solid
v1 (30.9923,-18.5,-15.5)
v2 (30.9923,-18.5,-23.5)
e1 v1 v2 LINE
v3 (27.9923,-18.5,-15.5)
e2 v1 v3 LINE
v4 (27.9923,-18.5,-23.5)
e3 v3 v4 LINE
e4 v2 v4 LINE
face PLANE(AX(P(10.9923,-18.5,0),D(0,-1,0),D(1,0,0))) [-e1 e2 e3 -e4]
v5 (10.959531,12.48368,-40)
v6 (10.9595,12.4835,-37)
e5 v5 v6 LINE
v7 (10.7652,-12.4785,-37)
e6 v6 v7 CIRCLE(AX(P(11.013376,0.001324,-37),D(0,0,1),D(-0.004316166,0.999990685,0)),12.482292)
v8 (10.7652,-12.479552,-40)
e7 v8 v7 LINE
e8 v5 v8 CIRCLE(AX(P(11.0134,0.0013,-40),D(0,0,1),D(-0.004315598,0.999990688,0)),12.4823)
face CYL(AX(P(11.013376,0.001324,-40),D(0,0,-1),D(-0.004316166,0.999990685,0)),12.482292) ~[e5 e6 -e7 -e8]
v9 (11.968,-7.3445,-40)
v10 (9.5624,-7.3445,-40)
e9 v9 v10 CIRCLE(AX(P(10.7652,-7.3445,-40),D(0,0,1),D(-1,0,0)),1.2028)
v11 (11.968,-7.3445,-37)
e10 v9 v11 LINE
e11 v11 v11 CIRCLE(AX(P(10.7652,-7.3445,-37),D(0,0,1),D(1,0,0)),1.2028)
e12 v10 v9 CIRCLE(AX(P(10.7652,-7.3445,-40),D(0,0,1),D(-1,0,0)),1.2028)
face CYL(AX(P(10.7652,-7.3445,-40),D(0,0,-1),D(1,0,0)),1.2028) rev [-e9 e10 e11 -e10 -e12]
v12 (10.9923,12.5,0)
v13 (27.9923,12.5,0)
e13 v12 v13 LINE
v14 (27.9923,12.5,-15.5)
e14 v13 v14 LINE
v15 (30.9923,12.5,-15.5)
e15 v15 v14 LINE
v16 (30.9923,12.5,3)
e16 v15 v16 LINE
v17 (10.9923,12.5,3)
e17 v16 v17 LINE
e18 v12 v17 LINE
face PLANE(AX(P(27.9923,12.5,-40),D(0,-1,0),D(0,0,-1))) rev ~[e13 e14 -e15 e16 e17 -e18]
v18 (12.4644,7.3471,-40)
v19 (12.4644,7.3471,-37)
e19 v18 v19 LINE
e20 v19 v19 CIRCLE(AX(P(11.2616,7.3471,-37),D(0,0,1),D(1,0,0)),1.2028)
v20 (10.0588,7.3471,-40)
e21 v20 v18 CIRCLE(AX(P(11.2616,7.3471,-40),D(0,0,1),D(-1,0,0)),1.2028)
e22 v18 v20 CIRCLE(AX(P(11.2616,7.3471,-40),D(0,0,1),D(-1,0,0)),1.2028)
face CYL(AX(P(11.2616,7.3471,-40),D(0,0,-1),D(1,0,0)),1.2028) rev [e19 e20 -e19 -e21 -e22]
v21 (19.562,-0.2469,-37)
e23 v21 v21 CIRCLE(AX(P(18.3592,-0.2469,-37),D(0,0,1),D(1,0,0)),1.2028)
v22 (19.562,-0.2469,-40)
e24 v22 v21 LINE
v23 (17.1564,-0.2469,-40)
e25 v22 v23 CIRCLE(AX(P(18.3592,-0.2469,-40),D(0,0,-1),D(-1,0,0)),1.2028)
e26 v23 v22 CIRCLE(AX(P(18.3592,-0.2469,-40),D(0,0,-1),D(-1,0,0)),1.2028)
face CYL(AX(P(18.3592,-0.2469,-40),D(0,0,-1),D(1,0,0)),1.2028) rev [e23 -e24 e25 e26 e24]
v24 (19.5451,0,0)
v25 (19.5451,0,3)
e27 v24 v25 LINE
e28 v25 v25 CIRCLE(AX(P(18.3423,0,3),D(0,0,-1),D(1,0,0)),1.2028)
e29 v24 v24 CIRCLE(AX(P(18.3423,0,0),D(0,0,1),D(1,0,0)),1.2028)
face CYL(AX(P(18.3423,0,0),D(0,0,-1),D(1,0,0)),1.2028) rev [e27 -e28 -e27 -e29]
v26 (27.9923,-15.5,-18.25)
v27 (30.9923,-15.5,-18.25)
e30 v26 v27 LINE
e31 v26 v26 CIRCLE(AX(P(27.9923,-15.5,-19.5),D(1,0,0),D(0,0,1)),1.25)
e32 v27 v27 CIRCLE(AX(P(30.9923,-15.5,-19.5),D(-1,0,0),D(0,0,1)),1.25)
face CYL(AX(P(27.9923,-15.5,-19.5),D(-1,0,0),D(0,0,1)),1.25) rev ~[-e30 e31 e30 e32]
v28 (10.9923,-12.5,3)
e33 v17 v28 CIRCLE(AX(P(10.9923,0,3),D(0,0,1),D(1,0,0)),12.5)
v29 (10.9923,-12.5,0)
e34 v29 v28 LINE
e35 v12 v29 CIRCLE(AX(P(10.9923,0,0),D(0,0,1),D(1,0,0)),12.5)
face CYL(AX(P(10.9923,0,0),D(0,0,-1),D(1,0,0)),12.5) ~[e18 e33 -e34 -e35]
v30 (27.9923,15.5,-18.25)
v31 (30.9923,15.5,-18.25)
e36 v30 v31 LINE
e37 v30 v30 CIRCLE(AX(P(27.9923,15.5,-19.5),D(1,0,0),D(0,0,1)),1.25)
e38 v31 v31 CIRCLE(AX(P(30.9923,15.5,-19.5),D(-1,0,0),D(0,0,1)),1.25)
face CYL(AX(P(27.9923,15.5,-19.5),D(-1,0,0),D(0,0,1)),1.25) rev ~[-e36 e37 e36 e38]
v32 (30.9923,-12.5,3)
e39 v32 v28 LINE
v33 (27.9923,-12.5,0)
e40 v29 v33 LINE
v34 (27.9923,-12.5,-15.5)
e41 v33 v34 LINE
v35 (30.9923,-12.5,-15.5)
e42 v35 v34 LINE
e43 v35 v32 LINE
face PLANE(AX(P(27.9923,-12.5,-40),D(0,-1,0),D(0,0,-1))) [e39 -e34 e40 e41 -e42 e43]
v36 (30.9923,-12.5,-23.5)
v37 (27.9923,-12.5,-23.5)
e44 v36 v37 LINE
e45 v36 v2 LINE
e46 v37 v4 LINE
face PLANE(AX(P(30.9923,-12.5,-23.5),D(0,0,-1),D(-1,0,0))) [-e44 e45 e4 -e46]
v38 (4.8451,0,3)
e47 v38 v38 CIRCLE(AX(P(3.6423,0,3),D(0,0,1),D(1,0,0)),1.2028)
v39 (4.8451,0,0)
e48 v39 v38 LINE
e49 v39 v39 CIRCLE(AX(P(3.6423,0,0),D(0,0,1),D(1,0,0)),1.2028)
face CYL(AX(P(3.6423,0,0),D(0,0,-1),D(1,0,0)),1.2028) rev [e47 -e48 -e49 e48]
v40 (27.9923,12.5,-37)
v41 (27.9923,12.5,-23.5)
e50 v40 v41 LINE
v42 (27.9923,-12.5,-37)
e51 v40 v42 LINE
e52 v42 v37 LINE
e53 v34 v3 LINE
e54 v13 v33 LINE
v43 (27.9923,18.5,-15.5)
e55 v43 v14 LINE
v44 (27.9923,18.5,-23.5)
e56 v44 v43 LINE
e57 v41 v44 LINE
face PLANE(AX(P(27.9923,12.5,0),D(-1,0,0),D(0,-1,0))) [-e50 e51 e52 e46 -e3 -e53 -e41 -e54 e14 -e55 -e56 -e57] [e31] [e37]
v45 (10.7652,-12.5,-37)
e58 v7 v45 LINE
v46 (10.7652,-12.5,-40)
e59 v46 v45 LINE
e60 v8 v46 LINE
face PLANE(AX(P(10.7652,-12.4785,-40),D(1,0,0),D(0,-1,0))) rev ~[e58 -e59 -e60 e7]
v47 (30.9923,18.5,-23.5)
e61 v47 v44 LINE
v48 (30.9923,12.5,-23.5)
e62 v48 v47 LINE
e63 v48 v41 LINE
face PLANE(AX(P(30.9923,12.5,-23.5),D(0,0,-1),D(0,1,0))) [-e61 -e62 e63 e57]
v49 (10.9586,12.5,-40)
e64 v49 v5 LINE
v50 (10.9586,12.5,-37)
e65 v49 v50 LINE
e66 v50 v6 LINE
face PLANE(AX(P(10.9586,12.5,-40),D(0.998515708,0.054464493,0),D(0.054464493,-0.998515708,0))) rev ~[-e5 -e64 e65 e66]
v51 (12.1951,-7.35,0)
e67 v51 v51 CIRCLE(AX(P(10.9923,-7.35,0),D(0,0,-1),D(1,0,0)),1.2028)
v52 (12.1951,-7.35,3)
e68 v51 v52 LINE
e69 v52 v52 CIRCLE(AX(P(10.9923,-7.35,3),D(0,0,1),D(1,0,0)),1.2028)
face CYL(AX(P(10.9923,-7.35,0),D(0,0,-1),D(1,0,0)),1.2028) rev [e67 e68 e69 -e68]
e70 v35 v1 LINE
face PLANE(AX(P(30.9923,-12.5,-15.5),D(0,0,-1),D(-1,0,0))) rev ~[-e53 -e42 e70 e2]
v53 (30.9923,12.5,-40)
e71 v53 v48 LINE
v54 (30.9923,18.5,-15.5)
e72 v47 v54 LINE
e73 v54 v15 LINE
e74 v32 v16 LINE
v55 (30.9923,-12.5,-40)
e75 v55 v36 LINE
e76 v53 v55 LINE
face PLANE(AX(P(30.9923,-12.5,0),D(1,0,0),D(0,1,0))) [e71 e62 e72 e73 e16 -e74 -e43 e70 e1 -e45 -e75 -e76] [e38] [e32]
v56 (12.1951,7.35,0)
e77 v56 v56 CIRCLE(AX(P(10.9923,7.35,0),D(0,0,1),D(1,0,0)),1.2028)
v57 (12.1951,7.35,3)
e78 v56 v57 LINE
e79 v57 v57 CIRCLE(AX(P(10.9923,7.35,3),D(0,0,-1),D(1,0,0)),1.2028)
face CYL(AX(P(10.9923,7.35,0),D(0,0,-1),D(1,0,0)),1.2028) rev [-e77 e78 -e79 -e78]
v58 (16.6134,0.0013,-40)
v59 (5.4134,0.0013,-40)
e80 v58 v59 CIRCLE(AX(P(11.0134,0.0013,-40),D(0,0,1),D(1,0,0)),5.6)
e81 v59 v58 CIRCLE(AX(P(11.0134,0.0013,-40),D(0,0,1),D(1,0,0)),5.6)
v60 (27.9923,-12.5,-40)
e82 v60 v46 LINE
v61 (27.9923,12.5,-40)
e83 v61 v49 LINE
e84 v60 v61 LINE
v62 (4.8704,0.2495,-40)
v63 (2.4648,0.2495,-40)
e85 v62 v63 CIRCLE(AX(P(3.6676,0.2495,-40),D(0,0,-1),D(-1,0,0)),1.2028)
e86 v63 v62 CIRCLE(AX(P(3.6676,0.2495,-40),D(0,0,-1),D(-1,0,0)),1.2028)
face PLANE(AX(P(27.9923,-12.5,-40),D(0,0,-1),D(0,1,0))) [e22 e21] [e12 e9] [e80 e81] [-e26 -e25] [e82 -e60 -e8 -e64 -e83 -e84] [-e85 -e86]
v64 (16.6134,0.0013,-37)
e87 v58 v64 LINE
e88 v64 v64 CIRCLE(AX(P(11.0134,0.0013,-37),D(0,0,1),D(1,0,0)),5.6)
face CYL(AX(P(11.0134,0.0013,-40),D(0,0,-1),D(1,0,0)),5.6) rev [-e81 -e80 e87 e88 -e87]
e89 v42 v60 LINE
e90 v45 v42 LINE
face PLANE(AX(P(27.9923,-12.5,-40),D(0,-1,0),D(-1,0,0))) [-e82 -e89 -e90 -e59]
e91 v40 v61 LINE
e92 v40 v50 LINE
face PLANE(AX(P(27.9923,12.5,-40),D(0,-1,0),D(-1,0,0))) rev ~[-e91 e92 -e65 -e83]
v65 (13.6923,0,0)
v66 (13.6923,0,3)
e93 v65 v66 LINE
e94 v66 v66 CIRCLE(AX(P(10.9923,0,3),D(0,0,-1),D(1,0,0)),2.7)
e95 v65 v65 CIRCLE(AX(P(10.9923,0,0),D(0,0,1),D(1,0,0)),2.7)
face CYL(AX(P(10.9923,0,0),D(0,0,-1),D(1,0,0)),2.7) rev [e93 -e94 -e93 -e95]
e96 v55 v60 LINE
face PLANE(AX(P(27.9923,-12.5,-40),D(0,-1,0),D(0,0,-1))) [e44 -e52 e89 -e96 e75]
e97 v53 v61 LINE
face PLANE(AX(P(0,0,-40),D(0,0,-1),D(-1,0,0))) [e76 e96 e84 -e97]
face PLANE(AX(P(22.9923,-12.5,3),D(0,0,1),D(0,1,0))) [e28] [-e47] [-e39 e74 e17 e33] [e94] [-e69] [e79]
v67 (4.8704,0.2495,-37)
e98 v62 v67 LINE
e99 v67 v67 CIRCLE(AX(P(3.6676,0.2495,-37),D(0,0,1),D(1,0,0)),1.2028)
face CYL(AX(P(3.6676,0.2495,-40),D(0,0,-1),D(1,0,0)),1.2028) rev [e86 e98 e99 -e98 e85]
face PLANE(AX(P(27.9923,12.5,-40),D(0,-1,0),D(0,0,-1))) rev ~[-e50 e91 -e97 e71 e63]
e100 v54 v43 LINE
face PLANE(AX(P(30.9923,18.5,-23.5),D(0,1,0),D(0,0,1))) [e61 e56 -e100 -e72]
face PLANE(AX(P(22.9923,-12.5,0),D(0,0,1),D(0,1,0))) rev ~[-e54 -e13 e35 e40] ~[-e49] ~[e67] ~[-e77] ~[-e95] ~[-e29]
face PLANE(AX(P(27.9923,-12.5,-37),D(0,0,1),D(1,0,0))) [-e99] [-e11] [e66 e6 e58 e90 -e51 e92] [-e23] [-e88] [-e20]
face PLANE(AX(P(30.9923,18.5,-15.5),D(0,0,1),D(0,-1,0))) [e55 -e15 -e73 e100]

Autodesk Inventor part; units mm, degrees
ref_plane "YZ Plane" through (0, 0, 0) normal (1, 0, 0) x (0, 1, 0)
ref_plane "XZ Plane" through (0, 0, 0) normal (0, 1, 0) x (-1, 0, 0)
ref_plane "XY Plane" through (0, 0, 0) normal (0, 0, 1) x (1, 0, 0)
ref_plane "Plano de trabajo1" through (0, 0, 0) normal (0, 0, 1) x (1, 0, 0)
sketch "Boceto1" plane through (0, 0, 0) normal (0, 0, 1) x (1, 0, 0)
  circle A0 centre (18.3423, 0) radius 1.2028 projected
  circle A1 centre (3.6423, 0) radius 1.2028 projected
  circle A2 centre (10.9923, -7.35) radius 1.2028 projected
  circle A3 centre (10.9923, 7.35) radius 1.2028 projected
  circle A4 centre (10.9923, 0) radius 10.9823 projected
  circle A5 centre (10.9923, 0) radius 2.7 projected
  circle A6 centre (10.9923, 0) radius 12.5
  line L0 (10.9923, 0) -> (22.9923, 0)
  line L1 (10.9923, 0) -> (10.9923, 12.5)
  line L2 (10.9923, 12.5) -> (22.9923, 12.5)
  line L3 (10.9923, 0) -> (10.9923, -12.5)
  line L4 (10.9923, -12.5) -> (22.9923, -12.5)
  line L5 (22.9923, -12.5) -> (22.9923, 12.5)
  point P0 (0, 0)
  dimension "d0" = 25
  dimension "d1" = 12
  dimension "d2" = 12
extrude "Extrusión1" add sketch "Boceto1" along normal blind 3 contours L0 A4 L3 A2 A5 A0 | A0 L0 A5 L1 A3 A4 | L0 L5 A6 L3 A4 | A4 L1 A6 L5 L0 | L1 A3 A5 L3 A2 A4 | A4 L3 A6 L1 | L2 L5 A6 | A6 L5 L4
sketch "Boceto2" plane through (22.9923, -12.5, 0) normal (1, 0, 0) x (0, 0, -1)
  line L0 (0, 0) -> (0, 25) projected
  line L1 (0, 25) -> (-3, 25) projected
  line L2 (-3, 0) -> (-3, 25) projected
  line L3 (0, 0) -> (-3, 0) projected
  point P0 (0, 12.5)
extrude "Extrusión2" add sketch "Boceto2" along normal blind 8
sketch "Boceto3" plane through (0, 0, 0) normal (0, 0, -1) x (-1, 0, 0)
  line L0 (-10.9923, -12.5) -> (-30.9923, -12.5) projected
  arc A0 (-10.9923, -12.5) -> (-10.9923, 12.5) centre (-10.9923, 0) ccw projected
  line L1 (-10.9923, 12.5) -> (-30.9923, 12.5) projected
  line L2 (-30.9923, -12.5) -> (-30.9923, 12.5) projected
  circle A1 centre (-10.9923, 0) radius 2.7 projected
  circle A2 centre (-10.9923, 7.35) radius 1.2028 projected
  circle A3 centre (-18.3423, 0) radius 1.2028 projected
  circle A4 centre (-3.6423, 0) radius 1.2028 projected
  circle A5 centre (-10.9923, -7.35) radius 1.2028 projected
  line L3 (-30.9923, 12.5) -> (-27.9923, 12.5)
  line L4 (-27.9923, 12.5) -> (-27.9923, -12.5)
  line L5 (-27.9923, -12.5) -> (-30.9923, -12.5)
  line L6 (-30.9923, -12.5) -> (-30.9923, 12.5)
  point P0 (0, 0)
  dimension "d7" = 3
extrude "Extrusión3" add sketch "Boceto3" along normal blind 42 contours L0 L2 L1 L4
sketch "Boceto4" plane through (27.9923, -12.5, 0) normal (-1, 0, 0) x (0, 0, 1)
  line L0 (-42, 0) -> (-42, 25) projected
  line L1 (0, 25) -> (0, 0) projected
  line L2 (0, 25) -> (-42, 25) projected
  line L3 (-42, 0) -> (-42, 25) projected
  line L4 (0, 0) -> (-42, 0) projected
  line L5 (-42, 0) -> (-40, 0)
  line L6 (-40, 0) -> (-40, 25)
  line L7 (-40, 25) -> (-42, 25)
  line L8 (-42, 25) -> (-42, 0)
  point P0 (0, 12.5)
  dimension "d10" = 2
extrude "Extrusión4" add sketch "Boceto4" along normal blind 30 contours L0 L2 L6 L4
sketch "Boceto5" plane through (0, 0, -42) normal (0, 0, -1) x (-1, 0, 0)
  line L0 (24.4501, 12.6367) -> (24.5578, -12.3277) projected
  line L1 (-11.0672, 12.4835) -> (24.4501, 12.6367) projected
  arc A0 (-11.0672, 12.4835) -> (-10.9596, -12.4809) centre (-11.0134, 0.0013) ccw projected
  line L2 (-10.9596, -12.4809) -> (24.5578, -12.3277) projected
  circle A1 centre (-3.6676, 0.2495) radius 1.2028 projected
  circle A2 centre (-11.0134, 0.0013) radius 2.7 projected
  circle A3 centre (-10.7652, -7.3445) radius 1.2028 projected
  circle A4 centre (-11.2616, 7.3471) radius 1.2028 projected
  circle A5 centre (-18.3592, -0.2469) radius 1.2028 projected
  line L3 (-30.9923, 12.5) -> (2.0077, 12.5) projected
  line L4 (-11.0672, 12.4835) -> (2.0077, 12.5)
  line L5 (2.0391, -12.4248) -> (2.0077, 12.5)
  line L6 (-10.9596, -12.4809) -> (2.0391, -12.4248)
  line L7 (-11.0672, 12.4835) -> (2.0077, 12.5)
  circle A6 centre (-11.0134, 0.0013) radius 12.4823
  line L8 (-10.7652, -7.3445) -> (-10.7652, -14.8497)
  line L9 (-10.7652, -14.8497) -> (6.2045, -14.8497)
  line L10 (6.2045, -14.8497) -> (6.2045, 15.7882)
  line L11 (6.2045, 15.7882) -> (-10.7652, 15.7882)
  line L12 (-10.7652, 15.7882) -> (-11.2616, 7.3471)
  point P0 (0, 0)
  point P1 (-7.2489, 12.5)
  point P2 (-10.991, 12.4836)
  point P3 (-10.9817, -12.481)
  point P4 (-10.9586, 12.5)
  point P5 (6.2045, 12.558)
  point P6 (6.2045, -12.4069)
  point P7 (-10.7652, -12.48)
  point P8 (-10.9595, 12.484)
  point P9 (-10.9595, 12.4837)
  point P10 (-10.9596, 12.4835)
  point P11 (-10.991, 12.4836)
  point P12 (-10.7652, -12.4785)
  point P13 (-11.0672, 12.4835)
extrude "Extrusión5" cut sketch "Boceto5" against normal blind 25 contours L10 L2 L5 L3 L1 | L1 L3 L12 L11 L10 | L10 L9 L8 L2 | L3 L4 L1 | L1 L12 L3 | L2 A6 L4 L5 | A3 | A4 | A1 | A2 | A5
sketch "Boceto8" plane through (10.9923, -12.5, 0) normal (0, -1, 0) x (1, 0, 0)
  line L0 (-0.2271, -40) -> (-0.2271, -42) projected
  line L1 (20, -42) -> (-0.2271, -42) projected
  line L2 (20, 3) -> (20, -42) projected
  line L3 (0, 3) -> (20, 3) projected
  line L4 (0, 0) -> (0, 3) projected
  line L5 (0, 0) -> (17, 0) projected
  line L6 (17, 0) -> (17, -40) projected
  line L7 (17, -40) -> (-0.2271, -40) projected
  line L8 (20, -42) -> (20, -19.5)
  line L9 (20, 3) -> (20, -42) projected
  line L10 (20, -19.5) -> (20, -23.5)
  line L11 (20, -23.5) -> (20, -15.5)
  line L12 (20, -15.5) -> (17, -15.5)
  line L13 (20, -23.5) -> (17, -23.5)
  point P0 (-10.9923, 0)
  dimension "d29" = 22.5
  dimension "d30" = 4
  dimension "d31" = 8
extrude "Extrusión8" add sketch "Boceto8" along normal blind 6 contours L6 L12 L2 L13
ref_plane "Plano de trabajo2" through (-0.8313, -11.6464, -27.56) normal (0.0048, -1, 0) x (1, 0.0048, 0)
sketch "Boceto9" plane through (30.9923, -12.5, 0) normal (1, 0, 0) x (0, 0, -1)
  line L0 (-3, 25) -> (42, 25) projected
  line L1 (-3, 25) -> (-3, 0) projected
  line L2 (-3, 0) -> (15.5, 0) projected
  line L3 (15.5, 0) -> (15.5, -6) projected
  line L4 (23.5, -6) -> (15.5, -6) projected
  line L5 (23.5, 0) -> (23.5, -6) projected
  line L6 (23.5, 0) -> (42, 0) projected
  line L7 (42, 25) -> (42, 0) projected
  line L8 (23.5, 0) -> (23.5, 25)
  line L9 (23.5, 25) -> (23.5, 31)
  line L10 (23.5, 31) -> (15.5, 31)
  line L11 (15.5, 31) -> (15.5, 25)
  point P0 (0, 12.5)
  dimension "d34" = 6
extrude "Extrusión9" add sketch "Boceto9" against normal blind 3 contours L11 L10 L9 L0
sketch "Boceto10" plane through (27.9923, -12.5, 0) normal (-1, 0, 0) x (0, 0, 1)
  line L0 (-40, 25) -> (-40, 0) projected
  line L1 (-23.5, 0) -> (-40, 0) projected
  line L2 (-23.5, 0) -> (-23.5, -6) projected
  line L3 (-15.5, -6) -> (-23.5, -6) projected
  line L4 (-15.5, 0) -> (-15.5, -6) projected
  line L5 (0, 0) -> (-15.5, 0) projected
  line L6 (0, 25) -> (0, 0) projected
  line L7 (0, 25) -> (-15.5, 25) projected
  line L8 (-15.5, 25) -> (-15.5, 31) projected
  line L9 (-15.5, 31) -> (-23.5, 31) projected
  line L10 (-23.5, 31) -> (-23.5, 25) projected
  line L11 (-23.5, 25) -> (-40, 25) projected
  line L12 (-15.5, -3) -> (-19.5, -3)
  line L13 (-19.5, -3) -> (-19.5, 28)
  circle A0 centre (-19.5, -3) radius 1.25
  circle A1 centre (-19.5, 28) radius 1.25
  point P0 (0, 12.5)
  dimension "d37" = 2.5
  dimension "d38" = 2.5
extrude "Extrusión10" cut sketch "Boceto10" against normal blind 3 contours A1 | A0 L13 L12 | L12 L13 A0
sketch "Boceto11" plane through (27.9923, -12.5, 0) normal (-1, 0, 0) x (0, 0, 1)
  line L0 (-42, 25) -> (-42, 0) projected
  line L1 (-42, 25) -> (-42, 12.5)
  line L2 (-42, 12.5) -> (-19.5, 12.5)
  line L3 (3, 13.7028) -> (3, 11.2972) projected
  line L4 (-19.5, 12.5) -> (-19.5, 25)
  point P0 (0, 12.5)
  dimension "d41" = 12.5
  dimension "d42" = 22.5
sketch "Boceto12" plane through (27.9923, -12.5, -40) normal (0, 0, 1) x (1, 0, 0)
  circle A0 centre (-16.9789, 12.5013) radius 5.6 projected
  circle A1 centre (-16.9789, 12.5013) radius 5.6 projected
  circle A2 centre (-16.9789, 12.5013) radius 2.7 projected
  point P0 (-27.9923, 12.5)
extrude "Extrusión11" cut sketch "Boceto12" against normal blind 10
sketch "Boceto13" plane through (27.9923, -12.5, -40) normal (0, 0, 1) x (1, 0, 0)
  circle A0 centre (-16.9789, 12.5013) radius 5.6 projected
  line L0 (-17.0337, 25) -> (-17.0328, 24.9835) projected
  arc A1 (-17.0328, 24.9835) -> (-17.2271, 0.0215) centre (-16.9789, 12.5013) ccw projected
  line L1 (-17.2271, 0.0215) -> (-17.2271, 0) projected
  line L2 (0, 0) -> (-17.2271, 0) projected
  line L3 (0, 25) -> (0, 0) projected
  line L4 (0, 25) -> (-17.0337, 25) projected
  circle A2 centre (-9.6331, 12.2531) radius 1.2028 projected
  circle A3 centre (-16.7307, 19.8471) radius 1.2028 projected
  circle A4 centre (-17.2271, 5.1555) radius 1.2028 projected
  circle A5 centre (-24.3247, 12.7495) radius 1.2028 projected
  point P0 (-27.9923, 12.5)
extrude "Extrusión12" add sketch "Boceto13" along normal blind 6
sketch "Boceto15" plane through (27.9923, -12.5, -34) normal (0, 0, 1) x (1, 0, 0)
  line L0 (-17.0337, 25) -> (-17.0328, 24.9835) projected
  arc A0 (-17.0328, 24.9835) -> (-17.2271, 0.0215) centre (-16.9789, 12.5013) ccw projected
  line L1 (-17.2271, 0.0215) -> (-17.2271, 0) projected
  line L2 (-17.2271, 0) -> (0, 0) projected
  line L3 (0, 25) -> (0, 0) projected
  line L4 (0, 25) -> (-17.0337, 25) projected
  circle A1 centre (-9.6331, 12.2531) radius 1.2028 projected
  circle A2 centre (-24.3247, 12.7495) radius 1.2028 projected
  circle A3 centre (-17.2271, 5.1555) radius 1.2028 projected
  circle A4 centre (-16.7307, 19.8471) radius 1.2028 projected
  circle A5 centre (-16.9789, 12.5013) radius 5.6 projected
  point P0 (-27.9923, 12.5)
extrude "Extrusión14" cut sketch "Boceto15" against normal blind 3
sketch "Boceto16" plane through (0, 0, -42) normal (0, 0, -1) x (-1, 0, 0)
  circle A0 centre (-11.0134, 0.0013) radius 5.6 projected
  line L0 (-10.9596, 12.4835) -> (-10.9586, 12.5) projected
  line L1 (-30.9923, 12.5) -> (-10.9586, 12.5) projected
  line L2 (-30.9923, 12.5) -> (-30.9923, -12.5) projected
  line L3 (-30.9923, -12.5) -> (-10.7652, -12.5) projected
  line L4 (-10.7652, -12.5) -> (-10.7652, -12.4785) projected
  arc A1 (-10.7652, -12.4785) -> (-10.9596, 12.4835) centre (-11.0134, 0.0013) ccw projected
  circle A2 centre (-3.6676, 0.2495) radius 1.2028 projected
  circle A3 centre (-10.7652, -7.3445) radius 1.2028 projected
  circle A4 centre (-11.2616, 7.3471) radius 1.2028 projected
  circle A5 centre (-18.3592, -0.2469) radius 1.2028 projected
  point P0 (0, 0)
extrude "Extrusión15" cut sketch "Boceto16" against normal blind 2
properties part number "UnionCuerpo"
